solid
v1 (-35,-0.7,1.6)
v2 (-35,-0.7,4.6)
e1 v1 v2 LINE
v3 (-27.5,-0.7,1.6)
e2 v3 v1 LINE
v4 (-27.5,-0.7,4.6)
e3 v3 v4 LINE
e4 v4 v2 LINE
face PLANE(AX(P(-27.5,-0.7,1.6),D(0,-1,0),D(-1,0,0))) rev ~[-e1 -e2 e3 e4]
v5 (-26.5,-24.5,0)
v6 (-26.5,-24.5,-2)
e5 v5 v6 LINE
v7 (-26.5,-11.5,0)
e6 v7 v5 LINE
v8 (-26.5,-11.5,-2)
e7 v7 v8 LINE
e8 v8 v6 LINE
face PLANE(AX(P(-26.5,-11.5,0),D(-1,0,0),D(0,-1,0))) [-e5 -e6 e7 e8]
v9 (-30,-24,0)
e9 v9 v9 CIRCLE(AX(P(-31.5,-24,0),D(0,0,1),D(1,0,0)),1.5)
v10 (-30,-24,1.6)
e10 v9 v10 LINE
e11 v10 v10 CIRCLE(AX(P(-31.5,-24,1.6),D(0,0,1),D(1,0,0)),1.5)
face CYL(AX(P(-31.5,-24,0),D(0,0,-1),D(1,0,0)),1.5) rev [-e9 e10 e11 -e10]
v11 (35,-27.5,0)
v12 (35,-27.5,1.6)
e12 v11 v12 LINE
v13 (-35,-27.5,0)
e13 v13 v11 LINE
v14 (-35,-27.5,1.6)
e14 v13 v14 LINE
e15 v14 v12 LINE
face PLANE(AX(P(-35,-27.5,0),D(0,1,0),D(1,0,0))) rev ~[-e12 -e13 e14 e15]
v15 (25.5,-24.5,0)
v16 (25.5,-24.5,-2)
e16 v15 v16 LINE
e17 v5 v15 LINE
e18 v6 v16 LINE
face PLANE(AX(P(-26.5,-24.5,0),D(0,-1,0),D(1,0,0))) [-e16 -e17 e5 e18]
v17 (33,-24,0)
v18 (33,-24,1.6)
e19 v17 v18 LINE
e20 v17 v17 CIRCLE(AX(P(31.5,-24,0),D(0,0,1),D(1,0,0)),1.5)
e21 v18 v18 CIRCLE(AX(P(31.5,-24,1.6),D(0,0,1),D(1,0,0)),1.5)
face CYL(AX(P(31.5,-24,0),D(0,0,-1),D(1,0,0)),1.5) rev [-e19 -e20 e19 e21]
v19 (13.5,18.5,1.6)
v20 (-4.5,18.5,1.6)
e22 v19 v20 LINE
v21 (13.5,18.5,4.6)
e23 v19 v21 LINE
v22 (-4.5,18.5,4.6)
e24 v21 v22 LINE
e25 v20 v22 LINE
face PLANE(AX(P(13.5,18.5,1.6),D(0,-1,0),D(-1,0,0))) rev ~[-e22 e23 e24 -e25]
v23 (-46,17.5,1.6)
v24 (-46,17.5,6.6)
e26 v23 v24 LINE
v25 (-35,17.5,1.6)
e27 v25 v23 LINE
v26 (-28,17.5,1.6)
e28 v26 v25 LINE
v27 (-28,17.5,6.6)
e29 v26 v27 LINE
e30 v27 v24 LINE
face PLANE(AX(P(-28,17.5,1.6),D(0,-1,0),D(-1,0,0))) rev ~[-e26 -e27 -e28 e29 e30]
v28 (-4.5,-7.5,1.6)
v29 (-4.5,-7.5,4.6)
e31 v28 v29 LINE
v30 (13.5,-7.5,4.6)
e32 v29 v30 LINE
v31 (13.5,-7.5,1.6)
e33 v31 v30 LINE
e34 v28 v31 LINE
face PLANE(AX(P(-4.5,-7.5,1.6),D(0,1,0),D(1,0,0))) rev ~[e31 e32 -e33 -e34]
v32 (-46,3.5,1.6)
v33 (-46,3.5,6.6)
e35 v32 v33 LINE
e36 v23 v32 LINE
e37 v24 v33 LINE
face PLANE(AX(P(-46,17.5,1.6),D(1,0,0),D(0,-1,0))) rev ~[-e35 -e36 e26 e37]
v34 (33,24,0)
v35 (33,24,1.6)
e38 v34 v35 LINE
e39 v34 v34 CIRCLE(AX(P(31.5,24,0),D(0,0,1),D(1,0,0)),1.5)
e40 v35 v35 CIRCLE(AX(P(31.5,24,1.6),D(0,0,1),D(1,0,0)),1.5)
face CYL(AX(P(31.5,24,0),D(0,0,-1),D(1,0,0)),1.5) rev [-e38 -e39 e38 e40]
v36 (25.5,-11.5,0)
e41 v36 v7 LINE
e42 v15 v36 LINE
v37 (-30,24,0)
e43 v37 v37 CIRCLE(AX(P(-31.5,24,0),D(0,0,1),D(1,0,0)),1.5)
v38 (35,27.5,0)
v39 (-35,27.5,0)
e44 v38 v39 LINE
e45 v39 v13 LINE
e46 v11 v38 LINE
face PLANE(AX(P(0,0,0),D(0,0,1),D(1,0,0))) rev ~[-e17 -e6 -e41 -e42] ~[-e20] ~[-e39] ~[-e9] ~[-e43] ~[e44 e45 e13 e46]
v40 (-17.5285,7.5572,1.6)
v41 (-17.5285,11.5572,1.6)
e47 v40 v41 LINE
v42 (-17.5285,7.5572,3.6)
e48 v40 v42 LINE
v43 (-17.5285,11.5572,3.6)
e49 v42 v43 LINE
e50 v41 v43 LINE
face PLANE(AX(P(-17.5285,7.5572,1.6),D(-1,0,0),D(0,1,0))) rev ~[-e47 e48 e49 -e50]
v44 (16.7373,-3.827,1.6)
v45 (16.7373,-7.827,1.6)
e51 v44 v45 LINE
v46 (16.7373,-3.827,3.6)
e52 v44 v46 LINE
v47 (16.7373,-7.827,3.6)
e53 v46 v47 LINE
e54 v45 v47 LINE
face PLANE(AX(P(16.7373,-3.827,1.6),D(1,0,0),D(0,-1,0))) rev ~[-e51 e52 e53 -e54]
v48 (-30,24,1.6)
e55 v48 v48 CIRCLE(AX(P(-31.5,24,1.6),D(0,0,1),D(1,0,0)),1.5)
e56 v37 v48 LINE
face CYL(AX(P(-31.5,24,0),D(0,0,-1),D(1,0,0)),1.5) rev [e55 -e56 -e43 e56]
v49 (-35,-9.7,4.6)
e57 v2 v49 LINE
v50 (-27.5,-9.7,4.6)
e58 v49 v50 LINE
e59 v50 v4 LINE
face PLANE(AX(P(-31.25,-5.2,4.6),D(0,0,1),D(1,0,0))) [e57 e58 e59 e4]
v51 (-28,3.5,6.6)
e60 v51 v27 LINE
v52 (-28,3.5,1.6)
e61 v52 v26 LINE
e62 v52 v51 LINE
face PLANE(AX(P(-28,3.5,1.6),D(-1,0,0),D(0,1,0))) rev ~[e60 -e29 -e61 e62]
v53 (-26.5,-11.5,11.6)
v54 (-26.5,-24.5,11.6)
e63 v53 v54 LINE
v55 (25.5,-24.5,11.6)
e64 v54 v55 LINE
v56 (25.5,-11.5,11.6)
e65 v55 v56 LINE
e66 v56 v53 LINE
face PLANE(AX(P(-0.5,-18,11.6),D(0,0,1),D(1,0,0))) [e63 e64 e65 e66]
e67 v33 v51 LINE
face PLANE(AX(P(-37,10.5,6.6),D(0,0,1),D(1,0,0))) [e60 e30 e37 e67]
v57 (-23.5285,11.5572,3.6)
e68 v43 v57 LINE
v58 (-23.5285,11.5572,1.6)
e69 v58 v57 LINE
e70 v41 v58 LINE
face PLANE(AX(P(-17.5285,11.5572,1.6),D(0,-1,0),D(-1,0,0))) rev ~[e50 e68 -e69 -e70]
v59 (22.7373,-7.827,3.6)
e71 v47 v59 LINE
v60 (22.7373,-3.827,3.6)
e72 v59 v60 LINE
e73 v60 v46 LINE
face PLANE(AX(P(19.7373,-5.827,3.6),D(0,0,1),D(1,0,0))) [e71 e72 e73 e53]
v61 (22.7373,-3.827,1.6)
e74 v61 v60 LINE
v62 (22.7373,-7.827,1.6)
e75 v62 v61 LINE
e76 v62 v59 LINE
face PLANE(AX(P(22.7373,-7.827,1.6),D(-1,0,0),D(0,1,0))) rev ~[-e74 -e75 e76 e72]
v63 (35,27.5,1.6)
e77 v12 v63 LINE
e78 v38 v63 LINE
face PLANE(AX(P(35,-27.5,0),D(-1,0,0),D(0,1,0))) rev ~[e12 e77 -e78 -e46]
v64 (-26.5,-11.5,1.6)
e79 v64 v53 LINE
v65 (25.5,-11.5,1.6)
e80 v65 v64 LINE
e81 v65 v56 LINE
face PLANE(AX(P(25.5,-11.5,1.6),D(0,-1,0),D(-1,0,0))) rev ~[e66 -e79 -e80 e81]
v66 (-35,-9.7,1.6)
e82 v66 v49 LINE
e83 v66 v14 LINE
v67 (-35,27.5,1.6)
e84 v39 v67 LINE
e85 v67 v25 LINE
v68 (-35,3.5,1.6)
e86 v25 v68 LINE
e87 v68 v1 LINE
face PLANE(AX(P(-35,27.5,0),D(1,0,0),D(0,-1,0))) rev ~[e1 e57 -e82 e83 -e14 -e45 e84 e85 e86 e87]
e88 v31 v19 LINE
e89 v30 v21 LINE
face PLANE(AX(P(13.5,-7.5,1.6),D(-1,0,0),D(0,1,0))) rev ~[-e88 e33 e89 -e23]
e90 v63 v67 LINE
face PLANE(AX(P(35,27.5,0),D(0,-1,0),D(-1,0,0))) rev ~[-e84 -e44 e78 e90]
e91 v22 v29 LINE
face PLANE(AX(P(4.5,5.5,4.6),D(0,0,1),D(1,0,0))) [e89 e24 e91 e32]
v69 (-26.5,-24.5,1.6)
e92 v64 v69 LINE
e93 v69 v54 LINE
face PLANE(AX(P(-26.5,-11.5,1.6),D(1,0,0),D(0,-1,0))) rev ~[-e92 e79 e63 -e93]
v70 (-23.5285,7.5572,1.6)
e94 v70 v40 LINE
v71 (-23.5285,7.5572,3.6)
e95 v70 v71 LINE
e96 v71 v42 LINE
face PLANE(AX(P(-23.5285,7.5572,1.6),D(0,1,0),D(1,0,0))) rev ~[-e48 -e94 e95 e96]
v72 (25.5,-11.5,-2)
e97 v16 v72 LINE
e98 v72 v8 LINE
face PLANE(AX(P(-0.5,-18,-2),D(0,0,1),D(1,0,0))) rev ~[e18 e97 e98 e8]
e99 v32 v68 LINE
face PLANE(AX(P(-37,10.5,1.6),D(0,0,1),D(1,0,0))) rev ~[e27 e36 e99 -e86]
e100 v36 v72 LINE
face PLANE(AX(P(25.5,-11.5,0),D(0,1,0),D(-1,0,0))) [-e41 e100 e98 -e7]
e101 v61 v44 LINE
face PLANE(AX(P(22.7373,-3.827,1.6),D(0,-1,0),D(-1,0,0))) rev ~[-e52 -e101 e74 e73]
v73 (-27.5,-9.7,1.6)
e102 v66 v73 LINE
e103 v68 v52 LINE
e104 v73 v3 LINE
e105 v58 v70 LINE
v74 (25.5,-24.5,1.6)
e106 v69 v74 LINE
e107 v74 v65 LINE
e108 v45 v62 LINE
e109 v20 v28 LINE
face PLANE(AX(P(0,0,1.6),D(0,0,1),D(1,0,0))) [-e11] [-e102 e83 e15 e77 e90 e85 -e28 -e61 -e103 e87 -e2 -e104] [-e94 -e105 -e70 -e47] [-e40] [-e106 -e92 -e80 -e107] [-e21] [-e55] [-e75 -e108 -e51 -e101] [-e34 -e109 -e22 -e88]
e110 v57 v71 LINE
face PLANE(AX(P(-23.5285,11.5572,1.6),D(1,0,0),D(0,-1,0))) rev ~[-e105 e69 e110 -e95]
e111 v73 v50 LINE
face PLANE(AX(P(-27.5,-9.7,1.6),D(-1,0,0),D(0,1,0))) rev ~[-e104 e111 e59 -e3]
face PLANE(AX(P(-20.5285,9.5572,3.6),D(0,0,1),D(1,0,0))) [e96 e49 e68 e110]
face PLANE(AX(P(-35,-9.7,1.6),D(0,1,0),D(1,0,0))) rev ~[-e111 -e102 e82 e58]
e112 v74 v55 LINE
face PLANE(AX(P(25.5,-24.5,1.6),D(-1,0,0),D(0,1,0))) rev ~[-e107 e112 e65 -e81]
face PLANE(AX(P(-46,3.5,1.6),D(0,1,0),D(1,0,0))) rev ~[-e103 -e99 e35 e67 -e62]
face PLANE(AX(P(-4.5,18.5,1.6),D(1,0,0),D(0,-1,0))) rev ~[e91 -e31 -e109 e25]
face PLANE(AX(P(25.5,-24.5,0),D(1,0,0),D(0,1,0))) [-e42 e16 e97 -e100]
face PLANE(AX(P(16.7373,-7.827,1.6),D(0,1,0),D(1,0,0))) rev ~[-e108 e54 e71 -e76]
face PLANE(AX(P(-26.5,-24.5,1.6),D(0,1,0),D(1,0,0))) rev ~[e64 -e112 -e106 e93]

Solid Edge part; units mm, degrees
sketch "Sketch1" plane through (0, 0, 0) normal (0, 0, 1) x (1, 0, 0)
  line L0 (-35, -27.5) -> (35, -27.5)
  line L1 (35, -27.5) -> (35, 27.5)
  line L2 (35, 27.5) -> (-35, 27.5)
  line L3 (-35, 27.5) -> (-35, -27.5)
extrude "Protrusion1" add sketch "Sketch1" along normal blind 1.6
sketch "Sketch2" plane through (0, 0, 0) normal (0, 0, 1) x (1, 0, 0)
  circle A0 centre (-31.5, -24) radius 1.5
  circle A1 centre (-31.5, 24) radius 1.5
  circle A2 centre (31.5, 24) radius 1.5
  circle A3 centre (31.5, -24) radius 1.5
  dimension "D1" = 70
  dimension "D2" = 55
  dimension "D3" = 48
  dimension "D4" = 3
  dimension "D5" = 63
extrude "Cutout1" cut sketch "Sketch2" along normal up to vertex (1.6 mm away)
sketch "Sketch3" plane through (0, 0, 1.6) normal (0, 0, 1) x (1, 0, 0)
  line L0 (-28, 17.5) -> (-46, 17.5)
  line L1 (-46, 17.5) -> (-46, 3.5)
  line L2 (-46, 3.5) -> (-28, 3.5)
  line L3 (-28, 3.5) -> (-28, 17.5)
extrude "ExtrudedProtrusion_2" add sketch "Sketch3" along normal blind 5
sketch "Sketch4" plane through (0, 0, 1.6) normal (0, 0, 1) x (1, 0, 0)
  line L0 (-35, -0.7) -> (-35, -9.7)
  line L1 (-35, -9.7) -> (-27.5, -9.7)
  line L2 (-27.5, -9.7) -> (-27.5, -0.7)
  line L3 (-27.5, -0.7) -> (-35, -0.7)
extrude "ExtrudedProtrusion_3" add sketch "Sketch4" along normal blind 3
sketch "Sketch5" plane through (0, 0, 1.6) normal (0, 0, 1) x (1, 0, 0)
  line L0 (25.5, -11.5) -> (-26.5, -11.5)
  line L1 (-26.5, -11.5) -> (-26.5, -24.5)
  line L2 (-26.5, -24.5) -> (25.5, -24.5)
  line L3 (25.5, -24.5) -> (25.5, -11.5)
extrude "ExtrudedProtrusion_4" add sketch "Sketch5" along normal blind 10
sketch "Sketch6" plane through (0, 0, 1.6) normal (0, 0, 1) x (1, 0, 0)
  line L0 (-23.5285, 7.5572) -> (-17.5285, 7.5572)
  line L1 (-17.5285, 7.5572) -> (-17.5285, 11.5572)
  line L2 (-17.5285, 11.5572) -> (-23.5285, 11.5572)
  line L3 (-23.5285, 11.5572) -> (-23.5285, 7.5572)
  line L4 (22.7373, -7.827) -> (22.7373, -3.827)
  line L5 (22.7373, -3.827) -> (16.7373, -3.827)
  line L6 (16.7373, -3.827) -> (16.7373, -7.827)
  line L7 (16.7373, -7.827) -> (22.7373, -7.827)
  dimension "D1" = 11
  dimension "D2" = 18
  dimension "D3" = 14
  dimension "D4" = 10
  dimension "D5" = 7.5
  dimension "D6" = 9
  dimension "D7" = 17.8
  dimension "D8" = 52
  dimension "D9" = 13
  dimension "D10" = 8.5
  dimension "D11" = 3
  dimension "D12" = 26
  dimension "D13" = 18
  dimension "D14" = 6
  dimension "D15" = 4
  dimension "D16" = 4
  dimension "D17" = 6
  dimension "D18" = 21.5
  dimension "D19" = 9
extrude "ExtrudedProtrusion_5" add sketch "Sketch6" along normal blind 2
sketch "Sketch7" plane through (0, 0, 1.6) normal (0, 0, 1) x (1, 0, 0)
  line L0 (13.5, 18.5) -> (-4.5, 18.5)
  line L1 (-4.5, 18.5) -> (-4.5, -7.5)
  line L2 (-4.5, -7.5) -> (13.5, -7.5)
  line L3 (13.5, -7.5) -> (13.5, 18.5)
extrude "ExtrudedProtrusion_6" add sketch "Sketch7" along normal blind 3
sketch "Sketch8" plane through (0, 0, 0) normal (0, 0, -1) x (-1, 0, 0)
  line L0 (26.5, -24.5) -> (-25.5, -24.5)
  line L1 (-25.5, -24.5) -> (-25.5, -11.5)
  line L2 (-25.5, -11.5) -> (26.5, -11.5)
  line L3 (26.5, -11.5) -> (26.5, -24.5)
extrude "ExtrudedProtrusion_7" add sketch "Sketch8" along normal blind 2
properties material "Polycarbonate"
